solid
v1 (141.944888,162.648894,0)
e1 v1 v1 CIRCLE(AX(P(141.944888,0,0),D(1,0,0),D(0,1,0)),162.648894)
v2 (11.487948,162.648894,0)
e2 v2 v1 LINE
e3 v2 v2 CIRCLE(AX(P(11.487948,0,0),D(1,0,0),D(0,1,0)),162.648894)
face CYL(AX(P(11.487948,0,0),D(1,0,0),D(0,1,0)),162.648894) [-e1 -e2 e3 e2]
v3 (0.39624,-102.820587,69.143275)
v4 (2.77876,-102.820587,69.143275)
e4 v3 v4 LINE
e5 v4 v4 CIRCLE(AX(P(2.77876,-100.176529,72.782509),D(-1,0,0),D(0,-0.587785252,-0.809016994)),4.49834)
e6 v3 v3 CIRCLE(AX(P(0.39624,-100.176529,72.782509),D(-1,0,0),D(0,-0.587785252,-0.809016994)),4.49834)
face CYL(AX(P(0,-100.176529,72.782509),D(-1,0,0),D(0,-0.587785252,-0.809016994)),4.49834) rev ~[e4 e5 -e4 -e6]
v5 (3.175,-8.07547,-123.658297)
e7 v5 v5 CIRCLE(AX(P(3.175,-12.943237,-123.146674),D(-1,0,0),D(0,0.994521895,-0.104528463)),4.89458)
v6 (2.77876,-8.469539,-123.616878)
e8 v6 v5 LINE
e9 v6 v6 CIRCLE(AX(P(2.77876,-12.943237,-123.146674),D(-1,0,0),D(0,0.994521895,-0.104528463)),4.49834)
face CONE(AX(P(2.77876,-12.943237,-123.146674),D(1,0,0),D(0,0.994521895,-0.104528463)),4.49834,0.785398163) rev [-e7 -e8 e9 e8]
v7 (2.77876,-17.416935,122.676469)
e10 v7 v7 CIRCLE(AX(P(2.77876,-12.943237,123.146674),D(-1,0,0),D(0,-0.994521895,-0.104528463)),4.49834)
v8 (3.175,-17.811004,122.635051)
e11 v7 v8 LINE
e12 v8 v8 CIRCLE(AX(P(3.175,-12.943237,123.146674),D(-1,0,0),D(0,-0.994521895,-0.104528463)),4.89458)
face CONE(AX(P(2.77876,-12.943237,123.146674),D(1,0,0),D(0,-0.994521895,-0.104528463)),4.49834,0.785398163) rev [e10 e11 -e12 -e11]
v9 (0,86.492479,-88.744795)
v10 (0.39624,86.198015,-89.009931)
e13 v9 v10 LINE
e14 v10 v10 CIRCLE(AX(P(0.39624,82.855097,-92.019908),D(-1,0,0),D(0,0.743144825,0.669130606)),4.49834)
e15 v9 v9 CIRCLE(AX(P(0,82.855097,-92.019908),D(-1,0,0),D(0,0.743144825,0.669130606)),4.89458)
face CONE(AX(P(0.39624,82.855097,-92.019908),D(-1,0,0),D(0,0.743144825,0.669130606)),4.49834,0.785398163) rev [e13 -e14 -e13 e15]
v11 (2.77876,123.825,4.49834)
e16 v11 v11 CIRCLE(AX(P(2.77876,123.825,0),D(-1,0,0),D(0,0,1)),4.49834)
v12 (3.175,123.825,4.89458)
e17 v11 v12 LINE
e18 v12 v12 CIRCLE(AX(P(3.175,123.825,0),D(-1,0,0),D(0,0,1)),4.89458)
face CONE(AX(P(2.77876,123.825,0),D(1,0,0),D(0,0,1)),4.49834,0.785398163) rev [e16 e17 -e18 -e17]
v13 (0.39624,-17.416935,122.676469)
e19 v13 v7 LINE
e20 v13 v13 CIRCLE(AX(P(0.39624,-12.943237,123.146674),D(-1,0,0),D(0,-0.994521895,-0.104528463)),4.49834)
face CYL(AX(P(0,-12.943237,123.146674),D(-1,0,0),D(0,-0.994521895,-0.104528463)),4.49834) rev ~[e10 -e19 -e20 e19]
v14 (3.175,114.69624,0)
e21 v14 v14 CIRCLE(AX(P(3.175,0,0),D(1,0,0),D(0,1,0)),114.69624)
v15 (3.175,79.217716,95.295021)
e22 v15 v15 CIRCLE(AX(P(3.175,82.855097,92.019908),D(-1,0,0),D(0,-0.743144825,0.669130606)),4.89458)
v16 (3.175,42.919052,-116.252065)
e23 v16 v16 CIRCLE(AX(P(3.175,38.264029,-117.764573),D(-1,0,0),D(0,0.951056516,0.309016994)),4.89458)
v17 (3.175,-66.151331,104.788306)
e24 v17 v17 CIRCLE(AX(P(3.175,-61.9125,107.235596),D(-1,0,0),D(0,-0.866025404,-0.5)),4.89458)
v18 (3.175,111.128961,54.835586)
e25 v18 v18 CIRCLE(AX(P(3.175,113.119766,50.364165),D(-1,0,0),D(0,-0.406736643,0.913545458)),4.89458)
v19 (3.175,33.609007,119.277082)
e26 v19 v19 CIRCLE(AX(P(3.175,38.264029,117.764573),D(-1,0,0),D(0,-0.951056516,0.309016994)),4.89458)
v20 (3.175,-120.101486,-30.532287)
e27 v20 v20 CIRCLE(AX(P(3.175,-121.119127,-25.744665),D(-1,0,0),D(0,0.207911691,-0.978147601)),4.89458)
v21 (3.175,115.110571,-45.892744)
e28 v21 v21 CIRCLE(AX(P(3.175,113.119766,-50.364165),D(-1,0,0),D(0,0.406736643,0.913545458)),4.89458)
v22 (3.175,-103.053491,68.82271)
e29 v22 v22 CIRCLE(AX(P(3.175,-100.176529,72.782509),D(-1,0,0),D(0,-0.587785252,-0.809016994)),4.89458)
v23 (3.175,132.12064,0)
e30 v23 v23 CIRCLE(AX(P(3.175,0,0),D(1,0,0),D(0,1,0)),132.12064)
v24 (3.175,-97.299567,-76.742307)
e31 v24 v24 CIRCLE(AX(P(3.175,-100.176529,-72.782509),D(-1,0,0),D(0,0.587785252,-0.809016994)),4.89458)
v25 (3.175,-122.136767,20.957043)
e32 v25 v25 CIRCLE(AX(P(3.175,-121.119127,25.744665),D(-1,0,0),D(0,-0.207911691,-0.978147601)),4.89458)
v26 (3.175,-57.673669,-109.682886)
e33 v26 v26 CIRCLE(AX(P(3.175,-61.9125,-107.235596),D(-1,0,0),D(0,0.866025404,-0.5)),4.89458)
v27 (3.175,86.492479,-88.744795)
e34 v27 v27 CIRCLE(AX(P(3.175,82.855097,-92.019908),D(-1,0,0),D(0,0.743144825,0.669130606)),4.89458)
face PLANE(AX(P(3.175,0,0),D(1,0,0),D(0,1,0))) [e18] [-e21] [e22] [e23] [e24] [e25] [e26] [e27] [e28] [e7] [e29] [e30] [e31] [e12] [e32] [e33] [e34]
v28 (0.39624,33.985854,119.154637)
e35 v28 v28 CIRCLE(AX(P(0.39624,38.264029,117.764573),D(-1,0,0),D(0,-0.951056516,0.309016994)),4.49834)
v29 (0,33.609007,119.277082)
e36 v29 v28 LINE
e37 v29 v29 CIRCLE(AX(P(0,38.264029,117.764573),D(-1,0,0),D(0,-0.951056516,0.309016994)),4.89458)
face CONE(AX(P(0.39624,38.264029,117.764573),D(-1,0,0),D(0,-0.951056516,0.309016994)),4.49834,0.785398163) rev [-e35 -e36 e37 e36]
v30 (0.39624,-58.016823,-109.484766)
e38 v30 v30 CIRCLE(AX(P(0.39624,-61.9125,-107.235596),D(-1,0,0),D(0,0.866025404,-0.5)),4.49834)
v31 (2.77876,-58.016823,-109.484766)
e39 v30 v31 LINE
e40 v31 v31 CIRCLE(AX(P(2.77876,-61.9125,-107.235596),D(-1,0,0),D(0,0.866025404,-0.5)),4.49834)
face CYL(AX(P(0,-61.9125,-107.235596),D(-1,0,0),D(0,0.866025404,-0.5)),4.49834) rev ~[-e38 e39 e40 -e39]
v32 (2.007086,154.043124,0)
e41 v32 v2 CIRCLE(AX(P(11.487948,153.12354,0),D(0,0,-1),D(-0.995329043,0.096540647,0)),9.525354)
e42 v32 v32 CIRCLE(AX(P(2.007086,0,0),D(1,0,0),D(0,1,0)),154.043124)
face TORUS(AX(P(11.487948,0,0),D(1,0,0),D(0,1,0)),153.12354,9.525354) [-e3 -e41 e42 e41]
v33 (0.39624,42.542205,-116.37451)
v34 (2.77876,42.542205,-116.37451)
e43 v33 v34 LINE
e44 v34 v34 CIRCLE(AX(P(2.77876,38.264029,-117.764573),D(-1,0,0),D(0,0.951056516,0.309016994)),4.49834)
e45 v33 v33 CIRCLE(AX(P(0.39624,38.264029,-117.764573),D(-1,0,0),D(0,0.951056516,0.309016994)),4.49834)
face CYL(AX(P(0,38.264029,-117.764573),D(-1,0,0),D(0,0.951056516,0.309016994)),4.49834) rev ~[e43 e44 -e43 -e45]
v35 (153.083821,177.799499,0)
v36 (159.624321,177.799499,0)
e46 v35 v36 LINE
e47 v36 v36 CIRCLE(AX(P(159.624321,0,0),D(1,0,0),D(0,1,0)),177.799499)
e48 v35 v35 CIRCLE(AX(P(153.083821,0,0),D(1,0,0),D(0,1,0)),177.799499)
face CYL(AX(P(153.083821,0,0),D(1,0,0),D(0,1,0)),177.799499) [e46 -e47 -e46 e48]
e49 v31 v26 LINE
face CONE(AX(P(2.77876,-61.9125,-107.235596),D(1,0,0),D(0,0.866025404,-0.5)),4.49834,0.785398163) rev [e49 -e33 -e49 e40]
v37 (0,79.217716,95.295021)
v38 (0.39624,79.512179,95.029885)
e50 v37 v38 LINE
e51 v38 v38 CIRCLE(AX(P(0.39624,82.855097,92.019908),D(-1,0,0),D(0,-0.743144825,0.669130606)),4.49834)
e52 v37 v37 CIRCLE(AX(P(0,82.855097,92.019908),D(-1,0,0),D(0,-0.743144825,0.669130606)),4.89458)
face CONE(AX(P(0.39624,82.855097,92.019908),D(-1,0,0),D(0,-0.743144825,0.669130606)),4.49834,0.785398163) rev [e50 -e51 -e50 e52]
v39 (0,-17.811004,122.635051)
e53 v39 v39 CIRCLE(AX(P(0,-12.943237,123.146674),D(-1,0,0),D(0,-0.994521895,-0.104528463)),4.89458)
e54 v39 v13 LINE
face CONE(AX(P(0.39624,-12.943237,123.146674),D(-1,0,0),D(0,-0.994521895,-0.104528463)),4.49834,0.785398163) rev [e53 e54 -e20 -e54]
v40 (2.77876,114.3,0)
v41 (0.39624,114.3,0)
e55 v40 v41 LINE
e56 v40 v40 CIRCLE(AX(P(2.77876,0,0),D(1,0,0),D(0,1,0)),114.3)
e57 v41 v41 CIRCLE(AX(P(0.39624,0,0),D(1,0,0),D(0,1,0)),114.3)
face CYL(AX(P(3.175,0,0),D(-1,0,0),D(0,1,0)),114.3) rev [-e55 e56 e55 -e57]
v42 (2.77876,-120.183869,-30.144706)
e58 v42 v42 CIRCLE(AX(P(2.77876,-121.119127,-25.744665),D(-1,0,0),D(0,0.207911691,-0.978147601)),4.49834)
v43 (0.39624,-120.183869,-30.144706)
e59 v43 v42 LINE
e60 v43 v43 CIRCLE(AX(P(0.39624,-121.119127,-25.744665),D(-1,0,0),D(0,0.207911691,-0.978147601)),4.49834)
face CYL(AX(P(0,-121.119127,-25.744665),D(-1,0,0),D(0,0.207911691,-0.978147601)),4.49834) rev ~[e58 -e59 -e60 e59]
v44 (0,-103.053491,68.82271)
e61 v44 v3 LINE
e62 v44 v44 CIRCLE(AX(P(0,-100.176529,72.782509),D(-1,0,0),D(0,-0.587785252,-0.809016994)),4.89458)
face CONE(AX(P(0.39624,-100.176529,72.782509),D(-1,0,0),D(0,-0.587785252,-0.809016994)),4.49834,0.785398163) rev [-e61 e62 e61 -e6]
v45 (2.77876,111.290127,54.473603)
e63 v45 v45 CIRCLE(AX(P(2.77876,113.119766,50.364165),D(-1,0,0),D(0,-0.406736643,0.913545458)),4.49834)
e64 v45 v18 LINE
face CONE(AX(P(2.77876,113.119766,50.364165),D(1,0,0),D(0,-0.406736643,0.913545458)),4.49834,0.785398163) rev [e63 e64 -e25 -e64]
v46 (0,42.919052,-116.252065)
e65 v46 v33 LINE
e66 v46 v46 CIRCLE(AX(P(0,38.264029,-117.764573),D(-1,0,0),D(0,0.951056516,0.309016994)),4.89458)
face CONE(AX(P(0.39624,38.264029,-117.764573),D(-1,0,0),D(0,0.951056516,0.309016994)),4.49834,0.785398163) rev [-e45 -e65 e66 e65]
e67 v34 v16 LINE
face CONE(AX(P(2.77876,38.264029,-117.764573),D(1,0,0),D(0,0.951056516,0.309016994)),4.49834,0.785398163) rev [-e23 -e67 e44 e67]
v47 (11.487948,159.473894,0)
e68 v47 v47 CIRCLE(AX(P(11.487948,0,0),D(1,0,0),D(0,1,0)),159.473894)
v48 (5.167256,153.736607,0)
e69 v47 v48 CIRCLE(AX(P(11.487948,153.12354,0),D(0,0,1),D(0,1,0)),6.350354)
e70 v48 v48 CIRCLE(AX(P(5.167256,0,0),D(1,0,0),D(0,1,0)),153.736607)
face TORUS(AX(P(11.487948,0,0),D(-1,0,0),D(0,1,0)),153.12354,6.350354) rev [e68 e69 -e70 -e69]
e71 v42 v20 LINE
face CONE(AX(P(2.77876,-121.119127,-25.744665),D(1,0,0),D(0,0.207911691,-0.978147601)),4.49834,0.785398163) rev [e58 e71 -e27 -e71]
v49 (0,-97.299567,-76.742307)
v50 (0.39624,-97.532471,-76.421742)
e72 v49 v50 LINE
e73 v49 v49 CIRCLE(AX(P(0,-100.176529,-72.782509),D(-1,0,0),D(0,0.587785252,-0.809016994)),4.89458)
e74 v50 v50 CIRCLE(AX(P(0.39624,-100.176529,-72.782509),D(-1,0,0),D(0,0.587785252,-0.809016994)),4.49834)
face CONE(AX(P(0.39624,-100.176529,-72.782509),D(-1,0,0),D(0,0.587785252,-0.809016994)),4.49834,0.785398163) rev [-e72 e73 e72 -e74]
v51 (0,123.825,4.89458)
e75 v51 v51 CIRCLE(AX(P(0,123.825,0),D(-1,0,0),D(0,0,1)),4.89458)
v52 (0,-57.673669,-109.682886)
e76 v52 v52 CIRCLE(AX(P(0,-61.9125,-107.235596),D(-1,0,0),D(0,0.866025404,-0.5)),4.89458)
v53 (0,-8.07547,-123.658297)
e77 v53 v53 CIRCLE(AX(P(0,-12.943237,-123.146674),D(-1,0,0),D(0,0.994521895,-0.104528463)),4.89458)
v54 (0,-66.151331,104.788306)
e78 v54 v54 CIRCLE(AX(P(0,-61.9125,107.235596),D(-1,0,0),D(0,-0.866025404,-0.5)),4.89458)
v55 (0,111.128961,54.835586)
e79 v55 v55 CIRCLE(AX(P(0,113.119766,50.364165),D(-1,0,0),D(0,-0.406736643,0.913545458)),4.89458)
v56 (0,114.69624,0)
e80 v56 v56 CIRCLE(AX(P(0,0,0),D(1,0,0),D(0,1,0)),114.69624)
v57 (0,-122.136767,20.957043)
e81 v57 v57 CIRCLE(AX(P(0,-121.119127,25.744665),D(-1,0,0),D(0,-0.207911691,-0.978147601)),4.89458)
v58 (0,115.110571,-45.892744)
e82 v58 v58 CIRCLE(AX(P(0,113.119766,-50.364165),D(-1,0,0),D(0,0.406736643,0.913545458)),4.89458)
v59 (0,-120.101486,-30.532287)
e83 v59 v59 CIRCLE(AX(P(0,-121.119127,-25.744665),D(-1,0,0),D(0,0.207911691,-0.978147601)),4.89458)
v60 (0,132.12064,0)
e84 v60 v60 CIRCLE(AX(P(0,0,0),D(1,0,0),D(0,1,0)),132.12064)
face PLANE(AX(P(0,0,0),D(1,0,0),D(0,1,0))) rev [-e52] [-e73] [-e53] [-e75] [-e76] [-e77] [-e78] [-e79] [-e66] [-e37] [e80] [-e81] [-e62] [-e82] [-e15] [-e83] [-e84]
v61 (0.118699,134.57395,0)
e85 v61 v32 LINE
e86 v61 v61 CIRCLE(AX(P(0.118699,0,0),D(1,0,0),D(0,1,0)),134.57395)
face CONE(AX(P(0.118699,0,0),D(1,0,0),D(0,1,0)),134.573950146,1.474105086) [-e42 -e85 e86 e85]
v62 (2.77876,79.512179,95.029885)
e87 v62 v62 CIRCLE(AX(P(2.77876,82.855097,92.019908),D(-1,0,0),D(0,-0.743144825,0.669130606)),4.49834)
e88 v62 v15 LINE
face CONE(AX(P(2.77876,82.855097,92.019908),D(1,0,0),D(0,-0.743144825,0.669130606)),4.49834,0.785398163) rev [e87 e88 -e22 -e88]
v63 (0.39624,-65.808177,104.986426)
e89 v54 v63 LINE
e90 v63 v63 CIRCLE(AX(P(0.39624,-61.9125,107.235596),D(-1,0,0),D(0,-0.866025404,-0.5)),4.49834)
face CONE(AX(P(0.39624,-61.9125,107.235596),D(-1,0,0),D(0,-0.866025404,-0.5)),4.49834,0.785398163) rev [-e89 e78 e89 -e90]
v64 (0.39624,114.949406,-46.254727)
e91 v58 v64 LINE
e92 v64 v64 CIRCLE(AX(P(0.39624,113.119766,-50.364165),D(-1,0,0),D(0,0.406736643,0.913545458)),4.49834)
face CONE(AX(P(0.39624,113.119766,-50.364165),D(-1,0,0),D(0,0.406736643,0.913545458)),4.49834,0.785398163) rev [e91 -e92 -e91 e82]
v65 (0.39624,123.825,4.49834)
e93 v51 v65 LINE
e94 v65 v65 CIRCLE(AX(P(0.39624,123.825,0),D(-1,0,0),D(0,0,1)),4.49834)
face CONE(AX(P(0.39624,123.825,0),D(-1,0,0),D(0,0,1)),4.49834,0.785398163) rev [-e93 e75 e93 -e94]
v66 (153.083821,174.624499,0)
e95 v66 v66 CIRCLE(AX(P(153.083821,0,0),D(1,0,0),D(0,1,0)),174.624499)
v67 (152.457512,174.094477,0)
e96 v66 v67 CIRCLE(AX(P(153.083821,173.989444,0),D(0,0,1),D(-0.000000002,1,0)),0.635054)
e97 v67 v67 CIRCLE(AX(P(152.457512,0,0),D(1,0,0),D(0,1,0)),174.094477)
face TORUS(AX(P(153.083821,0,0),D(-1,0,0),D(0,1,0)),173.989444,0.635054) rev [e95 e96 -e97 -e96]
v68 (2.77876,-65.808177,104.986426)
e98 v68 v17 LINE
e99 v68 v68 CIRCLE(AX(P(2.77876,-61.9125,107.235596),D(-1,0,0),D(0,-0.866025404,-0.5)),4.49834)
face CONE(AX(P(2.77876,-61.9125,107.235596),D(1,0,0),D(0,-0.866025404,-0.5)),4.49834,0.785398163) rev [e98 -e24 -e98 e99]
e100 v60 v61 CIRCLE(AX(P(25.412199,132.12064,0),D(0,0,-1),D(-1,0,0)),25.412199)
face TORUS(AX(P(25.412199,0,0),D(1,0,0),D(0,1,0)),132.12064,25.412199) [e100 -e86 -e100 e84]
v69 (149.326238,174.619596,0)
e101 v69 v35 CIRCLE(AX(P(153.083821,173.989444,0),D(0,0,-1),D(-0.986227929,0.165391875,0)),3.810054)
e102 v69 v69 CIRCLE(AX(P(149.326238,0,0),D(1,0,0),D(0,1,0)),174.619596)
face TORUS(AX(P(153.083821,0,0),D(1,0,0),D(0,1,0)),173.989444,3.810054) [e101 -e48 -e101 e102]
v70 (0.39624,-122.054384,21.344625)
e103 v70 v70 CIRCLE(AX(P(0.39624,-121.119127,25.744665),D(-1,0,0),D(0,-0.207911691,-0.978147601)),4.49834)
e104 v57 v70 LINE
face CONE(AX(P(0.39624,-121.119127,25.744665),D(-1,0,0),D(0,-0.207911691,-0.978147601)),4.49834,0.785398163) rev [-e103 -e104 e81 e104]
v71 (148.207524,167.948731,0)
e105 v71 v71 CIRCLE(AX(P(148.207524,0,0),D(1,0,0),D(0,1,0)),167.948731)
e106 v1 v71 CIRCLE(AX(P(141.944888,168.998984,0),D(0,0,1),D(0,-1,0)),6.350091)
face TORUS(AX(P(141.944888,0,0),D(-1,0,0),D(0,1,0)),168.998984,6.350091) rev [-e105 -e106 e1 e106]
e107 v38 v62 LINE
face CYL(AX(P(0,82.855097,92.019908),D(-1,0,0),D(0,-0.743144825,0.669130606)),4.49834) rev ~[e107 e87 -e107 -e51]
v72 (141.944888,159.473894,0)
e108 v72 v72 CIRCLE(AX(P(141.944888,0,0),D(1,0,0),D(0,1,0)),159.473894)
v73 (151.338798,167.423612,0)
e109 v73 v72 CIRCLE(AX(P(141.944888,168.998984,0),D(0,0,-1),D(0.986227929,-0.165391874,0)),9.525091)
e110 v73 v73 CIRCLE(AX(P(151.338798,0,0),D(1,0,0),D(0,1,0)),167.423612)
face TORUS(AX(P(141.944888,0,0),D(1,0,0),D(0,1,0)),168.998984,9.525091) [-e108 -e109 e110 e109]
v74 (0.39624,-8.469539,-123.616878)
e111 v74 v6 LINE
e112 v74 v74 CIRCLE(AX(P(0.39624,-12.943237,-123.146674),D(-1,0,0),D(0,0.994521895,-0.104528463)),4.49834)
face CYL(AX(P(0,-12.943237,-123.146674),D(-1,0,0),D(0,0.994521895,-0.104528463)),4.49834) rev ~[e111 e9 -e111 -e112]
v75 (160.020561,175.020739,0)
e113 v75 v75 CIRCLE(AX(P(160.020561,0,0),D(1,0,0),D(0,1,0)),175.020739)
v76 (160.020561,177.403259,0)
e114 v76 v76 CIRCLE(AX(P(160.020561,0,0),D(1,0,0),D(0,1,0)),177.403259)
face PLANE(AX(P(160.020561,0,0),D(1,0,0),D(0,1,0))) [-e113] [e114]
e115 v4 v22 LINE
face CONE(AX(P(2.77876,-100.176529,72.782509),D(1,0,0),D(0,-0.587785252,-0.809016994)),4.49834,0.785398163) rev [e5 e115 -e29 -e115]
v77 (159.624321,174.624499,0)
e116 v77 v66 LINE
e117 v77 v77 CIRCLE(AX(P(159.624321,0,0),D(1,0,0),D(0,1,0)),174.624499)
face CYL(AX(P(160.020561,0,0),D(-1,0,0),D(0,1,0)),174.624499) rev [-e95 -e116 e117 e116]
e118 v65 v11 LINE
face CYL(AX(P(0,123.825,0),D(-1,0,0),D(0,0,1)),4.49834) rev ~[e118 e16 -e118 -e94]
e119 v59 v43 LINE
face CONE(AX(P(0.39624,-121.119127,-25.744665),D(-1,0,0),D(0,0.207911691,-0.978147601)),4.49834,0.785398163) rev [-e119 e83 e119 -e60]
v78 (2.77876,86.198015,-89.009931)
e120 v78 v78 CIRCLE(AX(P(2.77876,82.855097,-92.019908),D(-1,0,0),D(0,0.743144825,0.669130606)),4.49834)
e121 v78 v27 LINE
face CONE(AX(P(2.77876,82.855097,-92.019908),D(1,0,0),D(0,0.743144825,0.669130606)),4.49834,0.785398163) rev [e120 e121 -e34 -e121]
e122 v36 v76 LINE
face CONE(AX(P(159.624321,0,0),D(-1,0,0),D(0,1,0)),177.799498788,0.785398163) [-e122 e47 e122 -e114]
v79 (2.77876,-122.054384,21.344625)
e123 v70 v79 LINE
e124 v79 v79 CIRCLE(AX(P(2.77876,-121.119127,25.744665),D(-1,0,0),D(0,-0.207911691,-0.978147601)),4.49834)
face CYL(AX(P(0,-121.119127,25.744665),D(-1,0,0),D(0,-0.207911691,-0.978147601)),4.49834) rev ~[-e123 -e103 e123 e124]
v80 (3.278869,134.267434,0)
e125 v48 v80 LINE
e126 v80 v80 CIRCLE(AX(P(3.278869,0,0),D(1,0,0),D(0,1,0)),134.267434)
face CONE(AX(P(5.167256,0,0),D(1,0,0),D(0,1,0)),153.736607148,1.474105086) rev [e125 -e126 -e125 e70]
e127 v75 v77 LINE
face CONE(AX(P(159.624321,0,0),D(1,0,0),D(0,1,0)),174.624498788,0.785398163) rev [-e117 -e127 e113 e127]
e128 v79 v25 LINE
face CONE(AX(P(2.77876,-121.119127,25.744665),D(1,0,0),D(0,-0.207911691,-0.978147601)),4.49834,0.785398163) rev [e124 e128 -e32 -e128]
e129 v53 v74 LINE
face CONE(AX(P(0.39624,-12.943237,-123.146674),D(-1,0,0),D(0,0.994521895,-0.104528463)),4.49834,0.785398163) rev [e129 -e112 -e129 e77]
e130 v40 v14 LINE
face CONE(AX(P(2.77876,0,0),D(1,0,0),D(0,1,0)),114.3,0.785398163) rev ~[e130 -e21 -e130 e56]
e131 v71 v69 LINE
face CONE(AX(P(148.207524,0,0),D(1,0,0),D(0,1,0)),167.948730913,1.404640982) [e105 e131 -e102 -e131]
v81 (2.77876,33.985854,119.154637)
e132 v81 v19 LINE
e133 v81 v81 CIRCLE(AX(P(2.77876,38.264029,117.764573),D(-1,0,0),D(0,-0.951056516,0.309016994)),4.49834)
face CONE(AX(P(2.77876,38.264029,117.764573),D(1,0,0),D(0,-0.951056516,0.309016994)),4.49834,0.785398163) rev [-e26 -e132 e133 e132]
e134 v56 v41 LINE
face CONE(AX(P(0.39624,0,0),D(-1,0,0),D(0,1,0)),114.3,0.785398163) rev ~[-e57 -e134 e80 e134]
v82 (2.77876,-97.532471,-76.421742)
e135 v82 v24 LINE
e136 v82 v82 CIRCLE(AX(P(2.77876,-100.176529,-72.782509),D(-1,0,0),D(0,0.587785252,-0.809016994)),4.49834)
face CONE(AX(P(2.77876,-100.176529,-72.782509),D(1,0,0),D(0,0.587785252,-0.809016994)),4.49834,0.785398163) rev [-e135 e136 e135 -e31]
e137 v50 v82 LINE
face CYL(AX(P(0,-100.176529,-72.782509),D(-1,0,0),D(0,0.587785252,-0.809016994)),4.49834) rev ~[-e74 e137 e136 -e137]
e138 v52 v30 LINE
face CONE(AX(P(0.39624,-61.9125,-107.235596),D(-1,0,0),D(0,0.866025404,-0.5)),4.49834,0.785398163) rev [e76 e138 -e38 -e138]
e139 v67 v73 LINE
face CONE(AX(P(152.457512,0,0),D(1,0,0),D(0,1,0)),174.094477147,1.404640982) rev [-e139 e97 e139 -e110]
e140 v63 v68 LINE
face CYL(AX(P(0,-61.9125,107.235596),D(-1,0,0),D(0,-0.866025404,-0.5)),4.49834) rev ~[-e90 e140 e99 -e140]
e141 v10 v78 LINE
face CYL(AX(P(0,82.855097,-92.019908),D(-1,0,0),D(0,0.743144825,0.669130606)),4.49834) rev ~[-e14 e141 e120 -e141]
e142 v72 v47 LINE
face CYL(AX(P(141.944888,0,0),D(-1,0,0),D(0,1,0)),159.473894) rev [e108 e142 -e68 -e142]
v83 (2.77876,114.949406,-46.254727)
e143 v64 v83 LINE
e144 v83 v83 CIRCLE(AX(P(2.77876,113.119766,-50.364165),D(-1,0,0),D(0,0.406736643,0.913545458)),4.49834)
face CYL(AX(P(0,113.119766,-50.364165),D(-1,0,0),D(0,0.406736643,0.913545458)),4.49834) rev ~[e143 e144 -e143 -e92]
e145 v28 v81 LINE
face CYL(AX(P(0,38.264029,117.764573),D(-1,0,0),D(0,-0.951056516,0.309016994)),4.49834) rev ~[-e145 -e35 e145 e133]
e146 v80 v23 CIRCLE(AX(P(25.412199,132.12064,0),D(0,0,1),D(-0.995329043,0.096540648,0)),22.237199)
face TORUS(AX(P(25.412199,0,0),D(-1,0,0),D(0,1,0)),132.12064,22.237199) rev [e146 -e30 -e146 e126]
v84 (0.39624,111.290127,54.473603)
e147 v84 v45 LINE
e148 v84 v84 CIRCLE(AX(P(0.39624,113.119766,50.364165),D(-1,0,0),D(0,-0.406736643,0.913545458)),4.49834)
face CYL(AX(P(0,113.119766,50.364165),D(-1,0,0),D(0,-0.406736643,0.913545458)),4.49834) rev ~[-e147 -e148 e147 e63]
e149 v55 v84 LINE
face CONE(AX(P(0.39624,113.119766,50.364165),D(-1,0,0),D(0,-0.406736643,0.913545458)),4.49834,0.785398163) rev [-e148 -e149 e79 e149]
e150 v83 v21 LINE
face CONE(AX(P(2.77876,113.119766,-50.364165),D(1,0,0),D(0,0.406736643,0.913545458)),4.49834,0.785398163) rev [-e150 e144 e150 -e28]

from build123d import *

# Parameters (mm, degrees)
SKETCH2_R                   = 4.49834
MOUNTING_HOLE_DEPTH         = 161.020560587
MOUNTING_HOLE_PATTERN_COUNT = 15
EDGE_CHAMFER_SIZE           = 0.39624


with BuildPart() as part:
    # Sketch1 → Outer Rim (revolve)
    with BuildSketch(Plane.XY):
        with BuildLine():
            Line((0, 114.3), (0, 132.12064))
            ThreePointArc((0, 132.12064), (0.02969217, 133.34873), (0.118699294, 134.573950146))
            Line((0.118699294, 134.573950146), (2.007086476, 154.043123701))
            ThreePointArc((2.007086476, 154.043123701), (5.085877569, 160.176614491), (11.487947569, 162.648893514))
            Line((11.487947569, 162.648893514), (141.944887569, 162.648893514))
            ThreePointArc((141.944887569, 162.648893514), (146.046987569, 164.15167281), (148.207524489, 167.948730913))
            Line((148.207524489, 167.948730913), (149.326238435, 174.619596349))
            ThreePointArc((149.326238435, 174.619596349), (150.622560587, 176.89783121), (153.083820587, 177.799498788))
            Line((153.083820587, 177.799498788), (160.020560587, 177.799498788))
            Line((160.020560587, 177.799498788), (160.020560587, 174.624498788))
            Line((160.020560587, 174.624498788), (153.083820587, 174.624498788))
            ThreePointArc((153.083820587, 174.624498788), (152.673581252, 174.474210111), (152.45751211, 174.094477147))
            Line((152.45751211, 174.094477147), (151.338798163, 167.423611711))
            ThreePointArc((151.338798163, 167.423611711), (148.098008234, 161.728051711), (141.944887569, 159.473893514))
            Line((141.944887569, 159.473893514), (11.487947569, 159.473893514))
            ThreePointArc((11.487947569, 159.473893514), (7.21982168, 157.825676906), (5.167256187, 153.736607148))
            Line((5.167256187, 153.736607148), (3.278869005, 134.267433592))
            ThreePointArc((3.278869005, 134.267433592), (3.20098243, 133.195292443), (3.175, 132.12064))
            Line((3.175, 132.12064), (3.175, 114.3))
            Line((3.175, 114.3), (0, 114.3))
        make_face()
    revolve(axis=Axis((-6.731028029, 0, 0), (1, 0, 0)))

    # Sketch2 → Mounting Hole (cut, through all)
    with BuildSketch(Plane.ZY):
        with Locations((0, 123.825)):
            Circle(SKETCH2_R)
    mounting_hole = extrude(amount=-MOUNTING_HOLE_DEPTH, mode=Mode.SUBTRACT)

    # Mounting Hole Pattern: Mounting Hole ×15 about axis
    mounting_hole_pattern_axis = Axis((0, 0, 0), (1, 0, 0))
    for i in range(1, MOUNTING_HOLE_PATTERN_COUNT):
        add(mounting_hole.rotate(mounting_hole_pattern_axis, i * 360 / MOUNTING_HOLE_PATTERN_COUNT), mode=Mode.SUBTRACT)

    # Edge Chamfer
    edge_chamfer_edges = [part.edges().sort_by_distance(p)[0] for p in [
        (3.175, 79.512179238, -95.029884987),
        (0, 79.512179238, -95.029884987),
        (3.175, 111.290126582, -54.473602903),
        (0, 111.290126582, -54.473602903),
        (3.175, -114.3, 0),
        (160.020560587, -174.624498788, 0),
        (160.020560587, -177.799498788, 0),
        (0, -114.3, 0),
        (3.175, 123.825, -4.49834),
        (0, 123.825, -4.49834),
        (3.175, 114.949406004, 46.254726755),
        (0, 114.949406004, 46.254726755),
        (3.175, 86.198015427, 89.009931043),
        (0, 86.198015427, 89.009931043),
        (3.175, 42.542204898, 116.374509624),
        (0, 42.542204898, 116.374509624),
        (3.175, -8.469539341, 123.616878261),
        (0, -8.469539341, 123.616878261),
        (3.175, -58.016823285, 109.484765624),
        (0, -58.016823285, 109.484765624),
        (3.175, -97.532471417, 76.421742372),
        (0, -97.532471417, 76.421742372),
        (3.175, -120.183869186, 30.144705594),
        (0, -120.183869186, 30.144705594),
        (3.175, -122.054384136, -21.344624637),
        (0, -122.054384136, -21.344624637),
        (3.175, -102.82058724, -69.143275359),
        (0, -102.82058724, -69.143275359),
        (3.175, -65.808176715, -104.986425624),
        (0, -65.808176715, -104.986425624),
        (3.175, -17.416934587, -122.676469127),
        (0, -17.416934587, -122.676469127),
        (3.175, 33.985853759, -119.154636637),
        (0, 33.985853759, -119.154636637),
    ]]
    chamfer(edge_chamfer_edges, length=EDGE_CHAMFER_SIZE)


solid = part.part
